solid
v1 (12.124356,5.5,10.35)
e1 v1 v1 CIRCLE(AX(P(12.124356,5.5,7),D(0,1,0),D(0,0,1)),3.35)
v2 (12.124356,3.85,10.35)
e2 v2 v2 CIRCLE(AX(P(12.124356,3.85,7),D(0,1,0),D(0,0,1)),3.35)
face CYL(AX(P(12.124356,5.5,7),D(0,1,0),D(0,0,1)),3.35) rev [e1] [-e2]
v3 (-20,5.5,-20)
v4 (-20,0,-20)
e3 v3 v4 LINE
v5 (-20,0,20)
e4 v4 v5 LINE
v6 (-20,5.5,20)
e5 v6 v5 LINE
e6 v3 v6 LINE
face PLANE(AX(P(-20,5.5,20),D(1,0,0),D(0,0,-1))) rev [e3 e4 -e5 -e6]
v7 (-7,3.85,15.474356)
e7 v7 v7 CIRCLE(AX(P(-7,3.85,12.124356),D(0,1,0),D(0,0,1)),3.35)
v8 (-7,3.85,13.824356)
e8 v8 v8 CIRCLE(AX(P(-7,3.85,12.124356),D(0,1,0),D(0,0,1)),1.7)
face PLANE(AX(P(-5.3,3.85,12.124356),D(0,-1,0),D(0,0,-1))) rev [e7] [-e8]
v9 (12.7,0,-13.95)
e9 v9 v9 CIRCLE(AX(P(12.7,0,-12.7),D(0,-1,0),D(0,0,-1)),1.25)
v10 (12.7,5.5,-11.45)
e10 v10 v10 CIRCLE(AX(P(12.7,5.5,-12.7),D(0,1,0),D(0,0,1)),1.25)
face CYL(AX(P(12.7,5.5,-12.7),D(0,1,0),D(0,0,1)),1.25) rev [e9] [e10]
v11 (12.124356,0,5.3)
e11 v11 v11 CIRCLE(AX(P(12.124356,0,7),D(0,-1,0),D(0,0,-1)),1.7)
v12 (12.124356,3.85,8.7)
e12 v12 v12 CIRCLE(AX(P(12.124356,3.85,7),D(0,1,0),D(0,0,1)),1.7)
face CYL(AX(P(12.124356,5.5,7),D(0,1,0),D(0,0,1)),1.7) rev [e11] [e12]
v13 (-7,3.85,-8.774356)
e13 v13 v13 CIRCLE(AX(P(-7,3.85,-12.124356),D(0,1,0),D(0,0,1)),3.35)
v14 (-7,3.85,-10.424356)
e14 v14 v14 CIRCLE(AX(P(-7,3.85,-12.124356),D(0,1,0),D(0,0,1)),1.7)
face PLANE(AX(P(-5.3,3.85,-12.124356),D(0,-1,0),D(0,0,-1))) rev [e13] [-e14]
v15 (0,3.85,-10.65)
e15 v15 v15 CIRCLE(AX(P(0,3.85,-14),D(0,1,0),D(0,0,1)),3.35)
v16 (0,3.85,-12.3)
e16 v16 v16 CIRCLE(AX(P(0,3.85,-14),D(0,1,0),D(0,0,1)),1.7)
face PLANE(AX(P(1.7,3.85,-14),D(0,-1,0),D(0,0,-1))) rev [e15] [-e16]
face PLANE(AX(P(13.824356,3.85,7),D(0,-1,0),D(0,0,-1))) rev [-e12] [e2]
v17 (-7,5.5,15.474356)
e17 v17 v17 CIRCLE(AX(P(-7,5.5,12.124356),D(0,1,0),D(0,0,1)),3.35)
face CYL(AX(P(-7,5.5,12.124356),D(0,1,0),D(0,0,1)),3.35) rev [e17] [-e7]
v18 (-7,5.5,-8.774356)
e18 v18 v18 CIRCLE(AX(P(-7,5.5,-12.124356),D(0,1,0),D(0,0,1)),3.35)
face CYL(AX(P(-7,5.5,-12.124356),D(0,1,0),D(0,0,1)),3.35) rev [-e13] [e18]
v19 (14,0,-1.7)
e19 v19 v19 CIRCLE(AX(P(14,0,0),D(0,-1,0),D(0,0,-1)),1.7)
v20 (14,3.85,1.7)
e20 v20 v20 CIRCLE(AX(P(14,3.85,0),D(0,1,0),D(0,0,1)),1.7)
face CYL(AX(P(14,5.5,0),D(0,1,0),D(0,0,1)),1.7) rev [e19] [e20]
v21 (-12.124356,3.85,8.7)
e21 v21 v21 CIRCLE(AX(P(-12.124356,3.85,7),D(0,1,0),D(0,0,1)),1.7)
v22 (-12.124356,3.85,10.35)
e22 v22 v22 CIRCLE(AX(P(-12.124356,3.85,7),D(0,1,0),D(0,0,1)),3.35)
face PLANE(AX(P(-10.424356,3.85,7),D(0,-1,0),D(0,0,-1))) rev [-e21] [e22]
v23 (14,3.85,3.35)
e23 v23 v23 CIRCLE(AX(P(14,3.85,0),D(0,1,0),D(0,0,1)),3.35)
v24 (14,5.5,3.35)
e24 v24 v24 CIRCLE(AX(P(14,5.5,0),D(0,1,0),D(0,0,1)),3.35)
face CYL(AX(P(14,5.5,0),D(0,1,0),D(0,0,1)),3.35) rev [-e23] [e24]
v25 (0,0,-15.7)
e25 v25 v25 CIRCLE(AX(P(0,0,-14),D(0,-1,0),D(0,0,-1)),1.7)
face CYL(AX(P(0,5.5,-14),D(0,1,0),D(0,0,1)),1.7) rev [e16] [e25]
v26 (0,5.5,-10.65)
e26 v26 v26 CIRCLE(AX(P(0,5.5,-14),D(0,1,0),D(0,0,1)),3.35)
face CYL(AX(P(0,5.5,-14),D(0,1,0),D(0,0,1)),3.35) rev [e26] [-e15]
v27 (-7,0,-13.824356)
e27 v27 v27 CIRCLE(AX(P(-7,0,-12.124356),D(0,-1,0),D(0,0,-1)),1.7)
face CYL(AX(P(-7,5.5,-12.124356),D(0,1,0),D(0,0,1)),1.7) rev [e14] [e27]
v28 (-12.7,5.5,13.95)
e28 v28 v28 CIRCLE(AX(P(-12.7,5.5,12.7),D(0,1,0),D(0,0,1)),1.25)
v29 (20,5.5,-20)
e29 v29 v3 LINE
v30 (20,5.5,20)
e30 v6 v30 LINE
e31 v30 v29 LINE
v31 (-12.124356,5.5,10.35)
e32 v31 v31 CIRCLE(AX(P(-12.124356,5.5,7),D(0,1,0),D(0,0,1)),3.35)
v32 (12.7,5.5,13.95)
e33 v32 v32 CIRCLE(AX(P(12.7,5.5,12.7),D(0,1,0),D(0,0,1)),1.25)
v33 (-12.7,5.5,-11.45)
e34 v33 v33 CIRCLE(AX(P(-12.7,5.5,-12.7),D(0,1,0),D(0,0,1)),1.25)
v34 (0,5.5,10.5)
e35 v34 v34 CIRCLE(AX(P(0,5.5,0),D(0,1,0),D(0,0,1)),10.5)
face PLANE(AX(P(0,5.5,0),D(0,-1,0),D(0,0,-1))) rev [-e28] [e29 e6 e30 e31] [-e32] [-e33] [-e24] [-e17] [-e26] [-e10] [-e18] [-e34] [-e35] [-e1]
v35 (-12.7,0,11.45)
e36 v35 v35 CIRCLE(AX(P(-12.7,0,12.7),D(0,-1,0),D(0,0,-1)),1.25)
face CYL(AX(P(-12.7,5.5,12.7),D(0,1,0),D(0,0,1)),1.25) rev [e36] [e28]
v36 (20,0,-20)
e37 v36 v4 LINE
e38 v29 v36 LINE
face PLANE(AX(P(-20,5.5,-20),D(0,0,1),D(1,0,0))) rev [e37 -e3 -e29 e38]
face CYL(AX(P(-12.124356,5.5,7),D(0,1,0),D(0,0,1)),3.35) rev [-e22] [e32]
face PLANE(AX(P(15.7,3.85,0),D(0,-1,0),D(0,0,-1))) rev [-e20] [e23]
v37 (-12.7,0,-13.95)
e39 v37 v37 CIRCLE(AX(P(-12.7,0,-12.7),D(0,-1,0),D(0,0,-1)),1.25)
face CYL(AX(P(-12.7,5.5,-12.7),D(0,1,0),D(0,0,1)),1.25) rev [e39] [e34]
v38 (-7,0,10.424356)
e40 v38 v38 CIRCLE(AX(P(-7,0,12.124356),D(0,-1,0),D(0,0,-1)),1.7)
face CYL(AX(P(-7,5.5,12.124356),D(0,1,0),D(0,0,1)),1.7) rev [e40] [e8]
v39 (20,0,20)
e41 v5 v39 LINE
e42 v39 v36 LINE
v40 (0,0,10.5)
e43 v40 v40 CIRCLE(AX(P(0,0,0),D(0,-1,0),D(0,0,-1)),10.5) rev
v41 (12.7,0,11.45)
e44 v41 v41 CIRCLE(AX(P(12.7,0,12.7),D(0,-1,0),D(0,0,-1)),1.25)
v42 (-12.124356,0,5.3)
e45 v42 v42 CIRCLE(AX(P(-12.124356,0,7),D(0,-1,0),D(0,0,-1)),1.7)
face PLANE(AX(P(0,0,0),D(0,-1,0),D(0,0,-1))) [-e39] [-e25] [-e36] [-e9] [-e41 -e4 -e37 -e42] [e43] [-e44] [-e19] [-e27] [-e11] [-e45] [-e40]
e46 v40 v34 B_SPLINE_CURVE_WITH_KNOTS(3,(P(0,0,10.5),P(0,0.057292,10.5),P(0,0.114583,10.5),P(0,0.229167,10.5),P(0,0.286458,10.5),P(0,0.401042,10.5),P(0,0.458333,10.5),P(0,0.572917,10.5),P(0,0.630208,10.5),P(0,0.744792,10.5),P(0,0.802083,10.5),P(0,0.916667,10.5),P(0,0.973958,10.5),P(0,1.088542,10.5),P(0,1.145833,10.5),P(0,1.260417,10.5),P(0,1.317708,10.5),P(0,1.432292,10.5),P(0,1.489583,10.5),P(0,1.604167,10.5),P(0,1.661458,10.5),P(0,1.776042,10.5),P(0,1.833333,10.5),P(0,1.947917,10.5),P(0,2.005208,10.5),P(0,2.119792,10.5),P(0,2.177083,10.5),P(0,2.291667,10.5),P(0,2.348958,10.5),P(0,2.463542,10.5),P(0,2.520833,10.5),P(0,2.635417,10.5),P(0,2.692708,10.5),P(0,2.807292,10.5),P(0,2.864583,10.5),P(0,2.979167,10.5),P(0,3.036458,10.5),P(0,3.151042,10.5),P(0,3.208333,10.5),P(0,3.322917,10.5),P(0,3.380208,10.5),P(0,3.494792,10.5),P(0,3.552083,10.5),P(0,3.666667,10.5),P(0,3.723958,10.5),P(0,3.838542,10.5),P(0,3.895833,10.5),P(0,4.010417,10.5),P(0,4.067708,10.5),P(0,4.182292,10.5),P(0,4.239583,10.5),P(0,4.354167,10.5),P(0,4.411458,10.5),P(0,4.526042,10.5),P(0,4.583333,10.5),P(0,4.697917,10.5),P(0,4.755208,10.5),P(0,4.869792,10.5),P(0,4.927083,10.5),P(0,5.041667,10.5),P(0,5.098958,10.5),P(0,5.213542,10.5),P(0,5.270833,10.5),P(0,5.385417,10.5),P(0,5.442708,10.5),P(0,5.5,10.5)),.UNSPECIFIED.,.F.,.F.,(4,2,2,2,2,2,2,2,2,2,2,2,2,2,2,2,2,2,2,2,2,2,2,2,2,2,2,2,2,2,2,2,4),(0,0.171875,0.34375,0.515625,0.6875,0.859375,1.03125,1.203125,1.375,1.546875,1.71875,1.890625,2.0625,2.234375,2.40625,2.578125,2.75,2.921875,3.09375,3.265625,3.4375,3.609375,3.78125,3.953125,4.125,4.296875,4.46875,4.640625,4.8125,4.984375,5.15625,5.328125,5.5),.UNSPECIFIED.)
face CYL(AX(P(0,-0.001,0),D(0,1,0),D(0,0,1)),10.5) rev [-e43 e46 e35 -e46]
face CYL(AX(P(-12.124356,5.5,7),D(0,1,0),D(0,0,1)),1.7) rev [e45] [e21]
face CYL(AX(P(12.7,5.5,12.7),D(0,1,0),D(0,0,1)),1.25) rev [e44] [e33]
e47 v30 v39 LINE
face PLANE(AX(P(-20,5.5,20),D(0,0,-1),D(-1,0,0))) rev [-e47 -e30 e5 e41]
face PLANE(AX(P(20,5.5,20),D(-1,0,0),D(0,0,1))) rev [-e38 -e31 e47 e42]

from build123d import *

# Parameters (mm, degrees)
SKETCH1_W                      = 40
SKETCH1_H                      = 40
BOSS_EXTRUDE1_DEPTH            = 5.5
CUT_EXTRUDE1_REACH             = 30.814
SKETCH2_R                      = 10.5
M3X0_5_TAPPED_HOLE1_D          = 2.5
M3X0_5_TAPPED_HOLE1_DEPTH      = 15.24
M3X0_5_TAPPED_HOLE1_TIP        = 0.751075774
CBORE_FOR_M3_SBHCS1_AT_2_COUNT = 2
CBORE_FOR_M3_SBHCS1_AT_2_PITCH = 7.246933263
CIRPATTERN1_COUNT              = 3


with BuildPart() as part:
    # Sketch1 → Boss-Extrude1 (new body)
    with BuildSketch(Plane(origin=(0, 0, 0), x_dir=(1, 0, 0), z_dir=(0, 1, 0))):
        Rectangle(SKETCH1_W, SKETCH1_H)
    extrude(amount=BOSS_EXTRUDE1_DEPTH)

    # Sketch2 → Cut-Extrude1 (cut, up to next)
    with BuildSketch(Plane(origin=(0, 5.5, 0), x_dir=(1, 0, 0), z_dir=(0, 1, 0)), mode=Mode.PRIVATE) as cut_extrude1_sk1:
        with Locations(Location((0, 0, 0), (0, 0, 270))):
            Circle(SKETCH2_R)
    cut_extrude1_tool1 = extrude(cut_extrude1_sk1.sketch, amount=-CUT_EXTRUDE1_REACH, mode=Mode.PRIVATE) & part.part
    add(cut_extrude1_tool1.solids().sort_by_distance((0, 5.5, 0))[0], mode=Mode.SUBTRACT)

    # M3x0.5 Tapped Hole1
    with Locations(Plane(origin=(0, 5.5, 0), x_dir=(1, 0, 0), z_dir=(0, 1, 0))):
        with Locations((-12.7, -12.7), (-12.7, 12.7), (12.7, 12.7), (12.7, -12.7)):
            Hole(M3X0_5_TAPPED_HOLE1_D / 2, depth=M3X0_5_TAPPED_HOLE1_DEPTH)
            with Locations((0, 0, -(M3X0_5_TAPPED_HOLE1_DEPTH + M3X0_5_TAPPED_HOLE1_TIP / 2))):  # 118° drill point
                Cone(0, M3X0_5_TAPPED_HOLE1_D / 2, M3X0_5_TAPPED_HOLE1_TIP, mode=Mode.SUBTRACT)

    # Sketch10 → CBORE for M3 SBHCS1 (revolve, cut)
    with BuildSketch(Plane(origin=(-12.124355653, 5.5, 7), x_dir=(0, 0, 1), z_dir=(1, 0, 0))):
        Polygon((0, 0), (0, 16.261463052), (1.7, 15.24), (1.7, 1.65), (3.35, 1.65), (3.35, 0), align=None)
    cbore_for_m3_sbhcs1 = revolve(axis=Axis((-12.124355653, 11.85, 7), (0, -1, 0)), mode=Mode.SUBTRACT)

    # CBORE for M3 SBHCS1 at 2: CBORE for M3 SBHCS1 ×2
    with Locations(*[Vector(0.7071067811865501, 0, 0.7071067811865449) * (i * CBORE_FOR_M3_SBHCS1_AT_2_PITCH) for i in range(1, CBORE_FOR_M3_SBHCS1_AT_2_COUNT)]):
        add(cbore_for_m3_sbhcs1, mode=Mode.SUBTRACT)

    # CirPattern1: CBORE for M3 SBHCS1 ×3 about axis
    cirpattern1_axis = Axis((0, 0, 0), (0, 1, 0))
    for i in range(1, CIRPATTERN1_COUNT):
        add(cbore_for_m3_sbhcs1.rotate(cirpattern1_axis, i * 360 / CIRPATTERN1_COUNT), mode=Mode.SUBTRACT)

    # CirPattern1 copy 1 sketch → CirPattern1 copy 1 (revolve, cut)
    with BuildSketch(Plane(origin=(14, 5.5, 0), x_dir=(0.8660254037844387, 0, -0.4999999999999998), z_dir=(-0.4999999999999998, 0, -0.8660254037844387))):
        Polygon((0, 0), (0, 16.261463052), (1.7, 15.24), (1.7, 1.65), (3.35, 1.65), (3.35, 0), align=None)
    revolve(axis=Axis((14, 11.85, 0), (0, -1, 0)), mode=Mode.SUBTRACT)

    # CirPattern1 copy 2 sketch → CirPattern1 copy 2 (revolve, cut)
    with BuildSketch(Plane(origin=(-7, 5.5, -12.124355653), x_dir=(-0.8660254037844384, 0, -0.5000000000000004), z_dir=(-0.5000000000000004, 0, 0.8660254037844384))):
        Polygon((0, 0), (0, 16.261463052), (1.7, 15.24), (1.7, 1.65), (3.35, 1.65), (3.35, 0), align=None)
    revolve(axis=Axis((-7, 11.85, -12.124355653), (0, -1, 0)), mode=Mode.SUBTRACT)


solid = part.part
